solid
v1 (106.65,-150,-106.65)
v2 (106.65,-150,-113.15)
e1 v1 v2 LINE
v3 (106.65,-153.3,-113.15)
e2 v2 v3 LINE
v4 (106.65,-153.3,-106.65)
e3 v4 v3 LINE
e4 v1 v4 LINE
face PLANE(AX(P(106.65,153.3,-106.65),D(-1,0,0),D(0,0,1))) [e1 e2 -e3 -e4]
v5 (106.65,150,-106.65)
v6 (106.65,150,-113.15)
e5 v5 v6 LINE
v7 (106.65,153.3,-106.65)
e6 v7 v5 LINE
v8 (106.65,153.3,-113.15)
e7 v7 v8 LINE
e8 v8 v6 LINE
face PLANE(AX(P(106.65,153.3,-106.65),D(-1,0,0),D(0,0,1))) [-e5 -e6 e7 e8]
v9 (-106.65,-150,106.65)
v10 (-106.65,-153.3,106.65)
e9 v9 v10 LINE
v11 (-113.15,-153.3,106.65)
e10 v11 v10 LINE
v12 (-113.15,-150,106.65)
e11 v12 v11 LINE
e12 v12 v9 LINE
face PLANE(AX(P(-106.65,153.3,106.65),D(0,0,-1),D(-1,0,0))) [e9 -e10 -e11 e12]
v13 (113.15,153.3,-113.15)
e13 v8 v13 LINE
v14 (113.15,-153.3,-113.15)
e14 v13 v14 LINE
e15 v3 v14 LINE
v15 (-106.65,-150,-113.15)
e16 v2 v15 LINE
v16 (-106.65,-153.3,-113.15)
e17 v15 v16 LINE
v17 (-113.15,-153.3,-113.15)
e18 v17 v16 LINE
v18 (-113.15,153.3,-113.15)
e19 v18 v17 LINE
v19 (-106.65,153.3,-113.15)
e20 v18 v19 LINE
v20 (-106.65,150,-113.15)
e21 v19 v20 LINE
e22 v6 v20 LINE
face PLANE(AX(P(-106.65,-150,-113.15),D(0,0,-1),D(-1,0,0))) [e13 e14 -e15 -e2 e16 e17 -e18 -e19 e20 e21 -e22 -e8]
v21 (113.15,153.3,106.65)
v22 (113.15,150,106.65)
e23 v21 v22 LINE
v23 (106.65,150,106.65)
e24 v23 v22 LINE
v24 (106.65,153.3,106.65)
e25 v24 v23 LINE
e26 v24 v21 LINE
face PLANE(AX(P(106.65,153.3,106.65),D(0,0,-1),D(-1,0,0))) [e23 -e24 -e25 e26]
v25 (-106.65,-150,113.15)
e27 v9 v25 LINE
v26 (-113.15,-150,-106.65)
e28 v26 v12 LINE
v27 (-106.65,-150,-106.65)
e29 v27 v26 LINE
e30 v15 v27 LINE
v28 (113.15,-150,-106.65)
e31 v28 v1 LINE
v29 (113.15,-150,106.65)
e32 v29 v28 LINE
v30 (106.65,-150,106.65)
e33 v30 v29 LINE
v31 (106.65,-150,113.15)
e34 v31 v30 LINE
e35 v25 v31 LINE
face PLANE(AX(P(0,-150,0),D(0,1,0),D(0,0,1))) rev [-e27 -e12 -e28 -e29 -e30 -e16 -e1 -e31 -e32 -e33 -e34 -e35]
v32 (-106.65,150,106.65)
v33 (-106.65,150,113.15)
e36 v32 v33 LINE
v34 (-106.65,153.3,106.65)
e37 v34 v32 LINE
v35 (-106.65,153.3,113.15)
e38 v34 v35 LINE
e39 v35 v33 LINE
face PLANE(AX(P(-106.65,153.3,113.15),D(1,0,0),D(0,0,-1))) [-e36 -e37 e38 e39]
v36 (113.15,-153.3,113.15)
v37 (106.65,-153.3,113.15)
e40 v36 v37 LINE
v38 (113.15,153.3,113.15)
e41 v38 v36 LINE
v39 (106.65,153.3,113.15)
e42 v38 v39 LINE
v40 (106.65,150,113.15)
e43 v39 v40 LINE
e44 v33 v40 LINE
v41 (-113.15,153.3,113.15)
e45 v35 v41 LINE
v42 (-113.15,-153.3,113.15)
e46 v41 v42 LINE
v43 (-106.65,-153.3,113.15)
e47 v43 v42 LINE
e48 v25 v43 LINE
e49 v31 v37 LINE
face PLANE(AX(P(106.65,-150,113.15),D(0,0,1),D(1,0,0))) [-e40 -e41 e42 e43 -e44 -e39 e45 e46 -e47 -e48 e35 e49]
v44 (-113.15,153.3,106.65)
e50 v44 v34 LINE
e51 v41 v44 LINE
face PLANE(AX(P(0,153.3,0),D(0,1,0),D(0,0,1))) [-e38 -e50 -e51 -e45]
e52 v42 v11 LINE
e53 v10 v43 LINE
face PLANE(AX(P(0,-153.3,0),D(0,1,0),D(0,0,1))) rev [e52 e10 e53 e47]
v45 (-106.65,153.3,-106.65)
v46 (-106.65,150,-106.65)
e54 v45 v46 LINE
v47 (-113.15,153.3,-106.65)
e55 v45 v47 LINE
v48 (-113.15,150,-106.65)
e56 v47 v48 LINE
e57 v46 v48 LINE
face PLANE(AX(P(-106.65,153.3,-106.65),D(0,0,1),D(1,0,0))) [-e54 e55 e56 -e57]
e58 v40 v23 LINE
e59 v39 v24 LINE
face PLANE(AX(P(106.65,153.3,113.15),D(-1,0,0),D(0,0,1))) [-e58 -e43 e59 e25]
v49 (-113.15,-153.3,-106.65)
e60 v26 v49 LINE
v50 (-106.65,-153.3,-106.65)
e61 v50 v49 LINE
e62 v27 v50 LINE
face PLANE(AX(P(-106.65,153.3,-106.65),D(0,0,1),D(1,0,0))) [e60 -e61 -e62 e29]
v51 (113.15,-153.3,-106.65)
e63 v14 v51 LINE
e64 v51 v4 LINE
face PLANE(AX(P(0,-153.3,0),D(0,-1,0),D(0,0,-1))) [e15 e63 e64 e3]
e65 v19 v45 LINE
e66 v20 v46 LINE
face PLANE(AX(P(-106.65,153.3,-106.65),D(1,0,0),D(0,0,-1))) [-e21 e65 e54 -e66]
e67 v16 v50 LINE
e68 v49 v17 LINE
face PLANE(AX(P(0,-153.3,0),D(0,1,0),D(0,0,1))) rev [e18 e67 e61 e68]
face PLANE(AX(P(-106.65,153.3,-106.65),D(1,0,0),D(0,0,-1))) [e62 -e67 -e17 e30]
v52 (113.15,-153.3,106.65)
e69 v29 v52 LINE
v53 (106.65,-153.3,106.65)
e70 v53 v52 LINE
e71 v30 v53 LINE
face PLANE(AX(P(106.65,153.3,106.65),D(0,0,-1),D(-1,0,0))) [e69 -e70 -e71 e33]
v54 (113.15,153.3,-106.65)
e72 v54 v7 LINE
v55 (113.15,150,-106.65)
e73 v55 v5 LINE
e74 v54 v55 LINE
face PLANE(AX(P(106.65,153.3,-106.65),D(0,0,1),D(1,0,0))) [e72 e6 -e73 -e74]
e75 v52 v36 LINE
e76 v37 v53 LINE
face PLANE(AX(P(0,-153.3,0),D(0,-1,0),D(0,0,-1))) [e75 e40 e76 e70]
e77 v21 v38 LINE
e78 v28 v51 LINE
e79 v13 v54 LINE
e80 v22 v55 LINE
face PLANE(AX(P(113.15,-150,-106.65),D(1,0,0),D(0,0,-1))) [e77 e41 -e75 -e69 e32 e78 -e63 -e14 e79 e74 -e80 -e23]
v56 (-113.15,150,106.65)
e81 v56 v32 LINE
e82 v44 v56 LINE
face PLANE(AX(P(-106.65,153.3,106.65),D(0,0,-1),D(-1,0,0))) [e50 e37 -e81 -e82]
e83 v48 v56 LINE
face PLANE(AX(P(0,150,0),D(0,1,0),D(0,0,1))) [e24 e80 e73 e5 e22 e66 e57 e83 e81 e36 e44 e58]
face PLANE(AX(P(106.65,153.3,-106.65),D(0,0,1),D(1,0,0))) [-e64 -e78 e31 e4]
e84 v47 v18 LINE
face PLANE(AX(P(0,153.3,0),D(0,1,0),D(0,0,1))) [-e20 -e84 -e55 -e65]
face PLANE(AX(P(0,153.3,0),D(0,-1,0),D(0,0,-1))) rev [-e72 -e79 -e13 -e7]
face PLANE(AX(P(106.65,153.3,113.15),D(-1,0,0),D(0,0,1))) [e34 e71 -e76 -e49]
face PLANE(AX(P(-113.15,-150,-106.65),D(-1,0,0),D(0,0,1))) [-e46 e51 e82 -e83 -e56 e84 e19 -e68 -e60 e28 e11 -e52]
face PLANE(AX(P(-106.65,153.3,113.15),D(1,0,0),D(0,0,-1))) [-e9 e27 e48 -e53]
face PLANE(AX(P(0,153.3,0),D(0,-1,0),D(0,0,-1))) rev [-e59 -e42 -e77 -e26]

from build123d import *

# Parameters (mm, degrees)
ESTRUSIONE_ESTRUSIONE2_DEPTH      = 150
ESTRUSIONE_ESTRUSIONE2_DEPTH_BACK = 150
ESTRUSIONE_ESTRUSIONE3_DEPTH      = 3.3
ESTRUSIONE_ESTRUSIONE3_DEPTH_BACK = 303.3
SCHIZZO3_W                        = 6.5
SCHIZZO3_H                        = 6.5


with BuildPart() as part:
    # Schizzo2 → Estrusione-Estrusione2 (new, two sides: drawn at the far end of the back side and taken through both)
    with BuildSketch(Plane(origin=(0, 0, 0), x_dir=(1, 0, 0), z_dir=(0, 1, 0)).offset(-ESTRUSIONE_ESTRUSIONE2_DEPTH_BACK)):
        Polygon((-113.15, 106.65), (-113.15, -106.65), (-106.65, -106.65), (-106.65, -113.15), (106.65, -113.15), (106.65, -106.65), (113.15, -106.65), (113.15, 106.65), (106.65, 106.65), (106.65, 113.15), (-106.65, 113.15), (-106.65, 106.65), align=None)
    extrude(amount=ESTRUSIONE_ESTRUSIONE2_DEPTH + ESTRUSIONE_ESTRUSIONE2_DEPTH_BACK)

    # Schizzo3 → Estrusione-Estrusione3 (add, two sides: drawn at the far end of the back side and taken through both)
    with BuildSketch(Plane.XZ.offset(150).offset(-ESTRUSIONE_ESTRUSIONE3_DEPTH_BACK)):
        with Locations((-109.9, 109.9)):
            Rectangle(SCHIZZO3_W, SCHIZZO3_H)
        with Locations((109.9, 109.9)):
            Rectangle(SCHIZZO3_W, SCHIZZO3_H)
        with Locations((109.9, -109.9)):
            Rectangle(SCHIZZO3_W, SCHIZZO3_H)
        with Locations((-109.9, -109.9)):
            Rectangle(SCHIZZO3_W, SCHIZZO3_H)
    extrude(amount=ESTRUSIONE_ESTRUSIONE3_DEPTH + ESTRUSIONE_ESTRUSIONE3_DEPTH_BACK)


solid = part.part
